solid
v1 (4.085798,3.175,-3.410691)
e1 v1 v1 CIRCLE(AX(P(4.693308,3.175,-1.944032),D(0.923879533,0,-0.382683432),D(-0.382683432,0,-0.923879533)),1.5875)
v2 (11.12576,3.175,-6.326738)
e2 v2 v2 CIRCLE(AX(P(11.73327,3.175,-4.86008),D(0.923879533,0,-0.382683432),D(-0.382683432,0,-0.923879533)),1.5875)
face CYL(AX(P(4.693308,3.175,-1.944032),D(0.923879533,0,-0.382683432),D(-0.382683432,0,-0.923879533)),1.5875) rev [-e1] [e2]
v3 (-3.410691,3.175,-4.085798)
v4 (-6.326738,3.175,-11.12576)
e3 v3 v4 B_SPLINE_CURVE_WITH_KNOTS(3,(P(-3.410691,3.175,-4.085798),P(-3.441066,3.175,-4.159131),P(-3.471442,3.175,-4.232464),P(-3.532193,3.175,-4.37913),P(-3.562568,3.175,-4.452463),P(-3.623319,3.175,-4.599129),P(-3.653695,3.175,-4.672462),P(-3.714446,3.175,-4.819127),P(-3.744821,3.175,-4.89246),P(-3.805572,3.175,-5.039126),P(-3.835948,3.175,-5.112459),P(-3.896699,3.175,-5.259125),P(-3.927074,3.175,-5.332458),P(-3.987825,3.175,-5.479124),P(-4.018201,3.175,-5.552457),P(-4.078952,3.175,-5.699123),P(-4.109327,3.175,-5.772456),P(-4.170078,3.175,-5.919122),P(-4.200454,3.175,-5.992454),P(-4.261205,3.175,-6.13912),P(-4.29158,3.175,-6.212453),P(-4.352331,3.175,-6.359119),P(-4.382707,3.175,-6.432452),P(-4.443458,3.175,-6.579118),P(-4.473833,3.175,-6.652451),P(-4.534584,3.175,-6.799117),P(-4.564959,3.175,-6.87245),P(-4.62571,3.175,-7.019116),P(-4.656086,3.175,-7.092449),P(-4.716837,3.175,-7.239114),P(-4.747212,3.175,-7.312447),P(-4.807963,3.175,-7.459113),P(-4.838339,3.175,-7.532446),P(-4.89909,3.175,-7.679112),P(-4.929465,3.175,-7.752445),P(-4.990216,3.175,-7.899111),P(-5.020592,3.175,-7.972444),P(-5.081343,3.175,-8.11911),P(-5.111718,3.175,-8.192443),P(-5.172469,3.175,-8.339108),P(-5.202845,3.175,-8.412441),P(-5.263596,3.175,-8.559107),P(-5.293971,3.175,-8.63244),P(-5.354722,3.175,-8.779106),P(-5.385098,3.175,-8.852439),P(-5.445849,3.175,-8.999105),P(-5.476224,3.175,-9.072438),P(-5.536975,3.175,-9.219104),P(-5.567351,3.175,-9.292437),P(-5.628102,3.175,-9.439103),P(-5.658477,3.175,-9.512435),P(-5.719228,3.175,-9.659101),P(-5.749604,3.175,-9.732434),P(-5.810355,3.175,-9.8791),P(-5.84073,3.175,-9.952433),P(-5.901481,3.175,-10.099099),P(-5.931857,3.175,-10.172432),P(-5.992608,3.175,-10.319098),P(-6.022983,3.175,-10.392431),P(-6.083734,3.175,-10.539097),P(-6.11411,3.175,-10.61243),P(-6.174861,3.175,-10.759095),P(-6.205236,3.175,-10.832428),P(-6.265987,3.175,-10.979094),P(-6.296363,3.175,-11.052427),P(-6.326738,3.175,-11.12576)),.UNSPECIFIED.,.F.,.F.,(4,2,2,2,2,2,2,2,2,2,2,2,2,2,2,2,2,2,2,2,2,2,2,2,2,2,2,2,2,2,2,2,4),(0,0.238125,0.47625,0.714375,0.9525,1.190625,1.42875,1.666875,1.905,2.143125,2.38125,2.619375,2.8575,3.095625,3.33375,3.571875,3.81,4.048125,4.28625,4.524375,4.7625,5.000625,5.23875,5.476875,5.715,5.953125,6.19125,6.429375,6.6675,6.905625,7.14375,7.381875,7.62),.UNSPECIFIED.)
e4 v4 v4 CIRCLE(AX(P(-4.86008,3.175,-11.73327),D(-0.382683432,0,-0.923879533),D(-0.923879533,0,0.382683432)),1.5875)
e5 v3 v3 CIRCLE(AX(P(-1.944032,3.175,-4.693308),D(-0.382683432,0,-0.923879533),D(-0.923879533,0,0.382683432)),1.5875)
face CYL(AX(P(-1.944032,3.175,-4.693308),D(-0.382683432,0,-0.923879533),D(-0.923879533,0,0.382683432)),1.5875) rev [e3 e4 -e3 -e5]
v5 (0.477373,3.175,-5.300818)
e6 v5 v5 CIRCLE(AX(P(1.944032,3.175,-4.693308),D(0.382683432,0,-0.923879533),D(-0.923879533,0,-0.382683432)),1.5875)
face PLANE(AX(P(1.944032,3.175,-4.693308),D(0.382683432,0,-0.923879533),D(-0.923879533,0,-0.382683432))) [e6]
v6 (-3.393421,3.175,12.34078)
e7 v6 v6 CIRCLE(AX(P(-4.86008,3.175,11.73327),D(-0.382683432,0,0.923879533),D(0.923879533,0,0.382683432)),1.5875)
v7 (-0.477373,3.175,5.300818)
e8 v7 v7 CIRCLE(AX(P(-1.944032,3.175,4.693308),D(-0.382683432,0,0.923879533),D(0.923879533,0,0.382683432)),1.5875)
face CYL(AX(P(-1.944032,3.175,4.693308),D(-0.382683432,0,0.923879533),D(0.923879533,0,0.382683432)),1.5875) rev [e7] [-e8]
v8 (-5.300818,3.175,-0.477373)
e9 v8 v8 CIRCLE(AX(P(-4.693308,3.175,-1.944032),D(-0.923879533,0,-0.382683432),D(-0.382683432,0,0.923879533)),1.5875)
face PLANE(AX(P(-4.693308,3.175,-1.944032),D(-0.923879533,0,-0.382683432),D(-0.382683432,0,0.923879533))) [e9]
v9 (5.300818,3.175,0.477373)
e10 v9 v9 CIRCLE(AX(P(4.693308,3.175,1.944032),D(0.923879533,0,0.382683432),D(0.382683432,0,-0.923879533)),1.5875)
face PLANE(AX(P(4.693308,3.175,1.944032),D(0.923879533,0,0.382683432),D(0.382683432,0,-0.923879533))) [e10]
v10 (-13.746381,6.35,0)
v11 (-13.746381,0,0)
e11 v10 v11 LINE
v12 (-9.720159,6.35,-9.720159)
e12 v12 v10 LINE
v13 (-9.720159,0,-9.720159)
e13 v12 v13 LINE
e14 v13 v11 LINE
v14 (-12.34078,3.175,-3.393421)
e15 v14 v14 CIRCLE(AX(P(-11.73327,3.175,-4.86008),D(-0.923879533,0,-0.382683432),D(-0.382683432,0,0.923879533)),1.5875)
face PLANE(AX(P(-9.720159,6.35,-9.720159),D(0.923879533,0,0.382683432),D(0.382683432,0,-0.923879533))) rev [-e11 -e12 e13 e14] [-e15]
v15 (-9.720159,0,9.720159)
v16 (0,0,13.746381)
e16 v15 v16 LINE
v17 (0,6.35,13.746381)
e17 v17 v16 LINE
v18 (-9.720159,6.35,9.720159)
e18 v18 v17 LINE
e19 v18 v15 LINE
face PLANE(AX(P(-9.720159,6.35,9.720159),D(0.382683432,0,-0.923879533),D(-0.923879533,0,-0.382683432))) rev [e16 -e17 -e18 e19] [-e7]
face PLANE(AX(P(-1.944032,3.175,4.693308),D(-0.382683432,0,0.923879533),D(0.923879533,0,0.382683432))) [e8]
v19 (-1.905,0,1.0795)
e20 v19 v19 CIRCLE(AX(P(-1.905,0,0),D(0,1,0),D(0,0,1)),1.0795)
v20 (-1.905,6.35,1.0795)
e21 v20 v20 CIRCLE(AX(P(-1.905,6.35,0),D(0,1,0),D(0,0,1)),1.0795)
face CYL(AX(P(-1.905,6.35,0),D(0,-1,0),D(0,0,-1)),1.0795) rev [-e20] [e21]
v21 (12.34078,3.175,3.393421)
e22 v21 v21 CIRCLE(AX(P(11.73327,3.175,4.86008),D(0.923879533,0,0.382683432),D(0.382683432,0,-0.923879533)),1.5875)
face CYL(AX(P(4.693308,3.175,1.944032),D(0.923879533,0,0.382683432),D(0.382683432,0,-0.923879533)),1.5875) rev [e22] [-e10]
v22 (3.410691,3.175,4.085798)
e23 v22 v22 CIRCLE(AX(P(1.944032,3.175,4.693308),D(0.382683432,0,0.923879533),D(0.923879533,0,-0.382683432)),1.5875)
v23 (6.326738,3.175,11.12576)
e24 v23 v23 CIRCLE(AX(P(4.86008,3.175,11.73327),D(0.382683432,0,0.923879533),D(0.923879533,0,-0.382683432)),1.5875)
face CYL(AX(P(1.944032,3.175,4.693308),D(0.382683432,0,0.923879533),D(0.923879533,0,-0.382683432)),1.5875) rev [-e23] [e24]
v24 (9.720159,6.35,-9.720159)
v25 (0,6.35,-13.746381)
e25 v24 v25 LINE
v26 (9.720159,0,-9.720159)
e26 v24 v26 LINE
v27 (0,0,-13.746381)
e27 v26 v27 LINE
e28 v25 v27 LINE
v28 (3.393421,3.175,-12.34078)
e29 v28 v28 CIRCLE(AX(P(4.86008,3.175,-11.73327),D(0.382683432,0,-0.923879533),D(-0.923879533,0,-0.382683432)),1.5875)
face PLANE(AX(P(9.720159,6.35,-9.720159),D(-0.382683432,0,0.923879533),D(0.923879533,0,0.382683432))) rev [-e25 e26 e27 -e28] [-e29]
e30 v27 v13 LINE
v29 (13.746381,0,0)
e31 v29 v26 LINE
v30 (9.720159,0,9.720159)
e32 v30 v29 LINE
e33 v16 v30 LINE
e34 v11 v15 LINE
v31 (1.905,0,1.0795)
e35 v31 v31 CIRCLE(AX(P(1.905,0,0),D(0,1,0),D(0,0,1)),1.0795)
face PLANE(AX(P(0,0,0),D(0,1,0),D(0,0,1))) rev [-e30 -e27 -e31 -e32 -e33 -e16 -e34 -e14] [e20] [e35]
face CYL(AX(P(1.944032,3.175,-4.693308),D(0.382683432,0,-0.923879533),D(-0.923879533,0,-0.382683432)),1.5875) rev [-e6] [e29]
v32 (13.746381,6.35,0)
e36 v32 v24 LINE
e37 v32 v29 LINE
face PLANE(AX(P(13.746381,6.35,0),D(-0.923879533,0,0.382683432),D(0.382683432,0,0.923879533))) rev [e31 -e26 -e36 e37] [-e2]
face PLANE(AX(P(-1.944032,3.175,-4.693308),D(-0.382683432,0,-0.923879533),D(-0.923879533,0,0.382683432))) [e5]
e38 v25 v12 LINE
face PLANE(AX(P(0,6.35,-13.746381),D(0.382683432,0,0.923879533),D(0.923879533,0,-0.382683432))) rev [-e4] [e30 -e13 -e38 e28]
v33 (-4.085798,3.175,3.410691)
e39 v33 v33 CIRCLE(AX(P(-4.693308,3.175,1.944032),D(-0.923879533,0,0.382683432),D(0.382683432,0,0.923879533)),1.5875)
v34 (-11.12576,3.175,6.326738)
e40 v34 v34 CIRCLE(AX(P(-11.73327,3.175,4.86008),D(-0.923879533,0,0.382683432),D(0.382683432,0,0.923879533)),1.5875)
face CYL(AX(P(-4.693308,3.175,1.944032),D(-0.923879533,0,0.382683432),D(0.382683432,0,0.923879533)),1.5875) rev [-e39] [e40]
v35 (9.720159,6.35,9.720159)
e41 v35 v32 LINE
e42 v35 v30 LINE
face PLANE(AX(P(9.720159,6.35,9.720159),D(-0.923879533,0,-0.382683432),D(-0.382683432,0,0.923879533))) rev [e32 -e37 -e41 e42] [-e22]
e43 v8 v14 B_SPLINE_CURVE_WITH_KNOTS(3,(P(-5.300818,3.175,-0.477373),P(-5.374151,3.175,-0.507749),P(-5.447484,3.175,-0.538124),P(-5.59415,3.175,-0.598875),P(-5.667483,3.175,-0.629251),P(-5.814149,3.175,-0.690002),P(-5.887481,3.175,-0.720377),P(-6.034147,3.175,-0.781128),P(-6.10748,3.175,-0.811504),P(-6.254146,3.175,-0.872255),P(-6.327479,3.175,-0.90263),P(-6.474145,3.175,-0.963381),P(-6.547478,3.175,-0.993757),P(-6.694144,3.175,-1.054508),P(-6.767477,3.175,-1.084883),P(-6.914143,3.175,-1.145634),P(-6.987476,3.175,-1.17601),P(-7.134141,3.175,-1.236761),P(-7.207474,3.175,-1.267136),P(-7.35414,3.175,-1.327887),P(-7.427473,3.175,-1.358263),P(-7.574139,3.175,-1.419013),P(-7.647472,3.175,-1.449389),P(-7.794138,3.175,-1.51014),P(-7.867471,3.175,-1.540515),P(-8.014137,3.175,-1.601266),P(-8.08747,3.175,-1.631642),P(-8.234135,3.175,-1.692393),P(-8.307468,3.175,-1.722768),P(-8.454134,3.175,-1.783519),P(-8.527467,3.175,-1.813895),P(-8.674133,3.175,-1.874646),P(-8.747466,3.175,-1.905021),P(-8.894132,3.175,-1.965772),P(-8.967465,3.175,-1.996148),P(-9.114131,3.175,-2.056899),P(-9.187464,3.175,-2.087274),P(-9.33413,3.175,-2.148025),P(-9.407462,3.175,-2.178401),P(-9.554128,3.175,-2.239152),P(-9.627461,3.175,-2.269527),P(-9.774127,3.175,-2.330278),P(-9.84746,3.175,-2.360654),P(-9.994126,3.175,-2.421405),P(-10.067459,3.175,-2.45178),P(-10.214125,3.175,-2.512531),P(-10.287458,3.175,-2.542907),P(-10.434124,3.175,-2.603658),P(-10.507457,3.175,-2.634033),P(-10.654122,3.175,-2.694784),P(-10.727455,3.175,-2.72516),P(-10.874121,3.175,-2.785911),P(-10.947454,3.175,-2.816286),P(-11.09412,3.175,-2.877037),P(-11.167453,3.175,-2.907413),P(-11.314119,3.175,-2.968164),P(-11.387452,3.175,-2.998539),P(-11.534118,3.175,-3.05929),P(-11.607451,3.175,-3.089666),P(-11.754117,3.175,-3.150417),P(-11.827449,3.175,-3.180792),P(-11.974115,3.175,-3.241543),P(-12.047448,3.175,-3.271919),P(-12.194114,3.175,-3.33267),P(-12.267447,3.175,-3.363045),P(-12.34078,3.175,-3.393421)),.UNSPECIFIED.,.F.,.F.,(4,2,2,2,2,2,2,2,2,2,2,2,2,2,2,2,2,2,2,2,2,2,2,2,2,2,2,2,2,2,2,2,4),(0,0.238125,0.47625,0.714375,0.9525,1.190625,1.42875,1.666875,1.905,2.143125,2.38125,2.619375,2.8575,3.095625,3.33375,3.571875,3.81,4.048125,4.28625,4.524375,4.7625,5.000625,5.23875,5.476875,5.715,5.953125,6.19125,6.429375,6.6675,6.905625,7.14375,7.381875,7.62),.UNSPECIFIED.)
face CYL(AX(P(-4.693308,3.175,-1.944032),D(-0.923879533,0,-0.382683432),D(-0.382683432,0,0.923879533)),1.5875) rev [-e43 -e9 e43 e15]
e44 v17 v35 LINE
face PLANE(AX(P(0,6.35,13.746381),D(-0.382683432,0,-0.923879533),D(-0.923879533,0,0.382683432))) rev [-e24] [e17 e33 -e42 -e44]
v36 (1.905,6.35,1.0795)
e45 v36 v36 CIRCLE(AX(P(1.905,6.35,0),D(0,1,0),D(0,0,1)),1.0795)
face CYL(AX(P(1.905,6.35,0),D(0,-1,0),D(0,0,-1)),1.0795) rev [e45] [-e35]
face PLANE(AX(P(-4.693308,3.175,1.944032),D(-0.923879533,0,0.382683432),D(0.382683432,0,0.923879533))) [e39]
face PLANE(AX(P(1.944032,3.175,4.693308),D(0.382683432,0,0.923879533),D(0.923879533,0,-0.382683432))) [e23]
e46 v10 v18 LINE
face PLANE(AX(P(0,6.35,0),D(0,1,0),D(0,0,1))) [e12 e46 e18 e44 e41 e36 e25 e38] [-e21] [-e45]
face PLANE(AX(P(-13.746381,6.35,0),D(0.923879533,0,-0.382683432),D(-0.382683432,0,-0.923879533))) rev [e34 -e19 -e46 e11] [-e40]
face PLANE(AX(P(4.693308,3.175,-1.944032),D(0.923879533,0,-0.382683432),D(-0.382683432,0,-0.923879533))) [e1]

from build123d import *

# Parameters (mm, degrees)
SKETCH1_R           = 1.0795
BOSS_EXTRUDE1_DEPTH = 6.35
SKETCH2_R           = 1.5875
CUT_EXTRUDE1_DEPTH  = 7.62
CIRPATTERN1_COUNT   = 8


with BuildPart() as part:
    # Sketch1 → Boss-Extrude1 (new body)
    with BuildSketch(Plane(origin=(0, 0, 0), x_dir=(1, 0, 0), z_dir=(0, 1, 0))):
        Polygon((0, 13.746380944), (-9.720159182, 9.720159182), (-13.746380944, 0), (-9.720159182, -9.720159182), (0, -13.746380944), (9.720159182, -9.720159182), (13.746380944, 0), (9.720159182, 9.720159182), align=None)
        with Locations(Location((1.905, 0, 0), (0, 0, 270))):
            Circle(SKETCH1_R, mode=Mode.SUBTRACT)
        with Locations(Location((-1.905, 0, 0), (0, 0, 270))):
            Circle(SKETCH1_R, mode=Mode.SUBTRACT)
    extrude(amount=BOSS_EXTRUDE1_DEPTH)

    # Sketch2 → Cut-Extrude1 (cut)
    with BuildSketch(Plane(origin=(-4.860079591, 0, 11.733270063), x_dir=(0.9238795325112905, 0, 0.3826834323650806), z_dir=(-0.3826834323650806, 0, 0.9238795325112905))):
        with Locations((0, 3.175)):
            Circle(SKETCH2_R)
    cut_extrude1 = extrude(amount=-CUT_EXTRUDE1_DEPTH, mode=Mode.SUBTRACT)

    # CirPattern1: Cut-Extrude1 ×8 about axis
    cirpattern1_axis = Axis((0, 0, 0), (0, 1, 0))
    for i in range(1, CIRPATTERN1_COUNT):
        add(cut_extrude1.rotate(cirpattern1_axis, i * 360 / CIRPATTERN1_COUNT), mode=Mode.SUBTRACT)


solid = part.part
